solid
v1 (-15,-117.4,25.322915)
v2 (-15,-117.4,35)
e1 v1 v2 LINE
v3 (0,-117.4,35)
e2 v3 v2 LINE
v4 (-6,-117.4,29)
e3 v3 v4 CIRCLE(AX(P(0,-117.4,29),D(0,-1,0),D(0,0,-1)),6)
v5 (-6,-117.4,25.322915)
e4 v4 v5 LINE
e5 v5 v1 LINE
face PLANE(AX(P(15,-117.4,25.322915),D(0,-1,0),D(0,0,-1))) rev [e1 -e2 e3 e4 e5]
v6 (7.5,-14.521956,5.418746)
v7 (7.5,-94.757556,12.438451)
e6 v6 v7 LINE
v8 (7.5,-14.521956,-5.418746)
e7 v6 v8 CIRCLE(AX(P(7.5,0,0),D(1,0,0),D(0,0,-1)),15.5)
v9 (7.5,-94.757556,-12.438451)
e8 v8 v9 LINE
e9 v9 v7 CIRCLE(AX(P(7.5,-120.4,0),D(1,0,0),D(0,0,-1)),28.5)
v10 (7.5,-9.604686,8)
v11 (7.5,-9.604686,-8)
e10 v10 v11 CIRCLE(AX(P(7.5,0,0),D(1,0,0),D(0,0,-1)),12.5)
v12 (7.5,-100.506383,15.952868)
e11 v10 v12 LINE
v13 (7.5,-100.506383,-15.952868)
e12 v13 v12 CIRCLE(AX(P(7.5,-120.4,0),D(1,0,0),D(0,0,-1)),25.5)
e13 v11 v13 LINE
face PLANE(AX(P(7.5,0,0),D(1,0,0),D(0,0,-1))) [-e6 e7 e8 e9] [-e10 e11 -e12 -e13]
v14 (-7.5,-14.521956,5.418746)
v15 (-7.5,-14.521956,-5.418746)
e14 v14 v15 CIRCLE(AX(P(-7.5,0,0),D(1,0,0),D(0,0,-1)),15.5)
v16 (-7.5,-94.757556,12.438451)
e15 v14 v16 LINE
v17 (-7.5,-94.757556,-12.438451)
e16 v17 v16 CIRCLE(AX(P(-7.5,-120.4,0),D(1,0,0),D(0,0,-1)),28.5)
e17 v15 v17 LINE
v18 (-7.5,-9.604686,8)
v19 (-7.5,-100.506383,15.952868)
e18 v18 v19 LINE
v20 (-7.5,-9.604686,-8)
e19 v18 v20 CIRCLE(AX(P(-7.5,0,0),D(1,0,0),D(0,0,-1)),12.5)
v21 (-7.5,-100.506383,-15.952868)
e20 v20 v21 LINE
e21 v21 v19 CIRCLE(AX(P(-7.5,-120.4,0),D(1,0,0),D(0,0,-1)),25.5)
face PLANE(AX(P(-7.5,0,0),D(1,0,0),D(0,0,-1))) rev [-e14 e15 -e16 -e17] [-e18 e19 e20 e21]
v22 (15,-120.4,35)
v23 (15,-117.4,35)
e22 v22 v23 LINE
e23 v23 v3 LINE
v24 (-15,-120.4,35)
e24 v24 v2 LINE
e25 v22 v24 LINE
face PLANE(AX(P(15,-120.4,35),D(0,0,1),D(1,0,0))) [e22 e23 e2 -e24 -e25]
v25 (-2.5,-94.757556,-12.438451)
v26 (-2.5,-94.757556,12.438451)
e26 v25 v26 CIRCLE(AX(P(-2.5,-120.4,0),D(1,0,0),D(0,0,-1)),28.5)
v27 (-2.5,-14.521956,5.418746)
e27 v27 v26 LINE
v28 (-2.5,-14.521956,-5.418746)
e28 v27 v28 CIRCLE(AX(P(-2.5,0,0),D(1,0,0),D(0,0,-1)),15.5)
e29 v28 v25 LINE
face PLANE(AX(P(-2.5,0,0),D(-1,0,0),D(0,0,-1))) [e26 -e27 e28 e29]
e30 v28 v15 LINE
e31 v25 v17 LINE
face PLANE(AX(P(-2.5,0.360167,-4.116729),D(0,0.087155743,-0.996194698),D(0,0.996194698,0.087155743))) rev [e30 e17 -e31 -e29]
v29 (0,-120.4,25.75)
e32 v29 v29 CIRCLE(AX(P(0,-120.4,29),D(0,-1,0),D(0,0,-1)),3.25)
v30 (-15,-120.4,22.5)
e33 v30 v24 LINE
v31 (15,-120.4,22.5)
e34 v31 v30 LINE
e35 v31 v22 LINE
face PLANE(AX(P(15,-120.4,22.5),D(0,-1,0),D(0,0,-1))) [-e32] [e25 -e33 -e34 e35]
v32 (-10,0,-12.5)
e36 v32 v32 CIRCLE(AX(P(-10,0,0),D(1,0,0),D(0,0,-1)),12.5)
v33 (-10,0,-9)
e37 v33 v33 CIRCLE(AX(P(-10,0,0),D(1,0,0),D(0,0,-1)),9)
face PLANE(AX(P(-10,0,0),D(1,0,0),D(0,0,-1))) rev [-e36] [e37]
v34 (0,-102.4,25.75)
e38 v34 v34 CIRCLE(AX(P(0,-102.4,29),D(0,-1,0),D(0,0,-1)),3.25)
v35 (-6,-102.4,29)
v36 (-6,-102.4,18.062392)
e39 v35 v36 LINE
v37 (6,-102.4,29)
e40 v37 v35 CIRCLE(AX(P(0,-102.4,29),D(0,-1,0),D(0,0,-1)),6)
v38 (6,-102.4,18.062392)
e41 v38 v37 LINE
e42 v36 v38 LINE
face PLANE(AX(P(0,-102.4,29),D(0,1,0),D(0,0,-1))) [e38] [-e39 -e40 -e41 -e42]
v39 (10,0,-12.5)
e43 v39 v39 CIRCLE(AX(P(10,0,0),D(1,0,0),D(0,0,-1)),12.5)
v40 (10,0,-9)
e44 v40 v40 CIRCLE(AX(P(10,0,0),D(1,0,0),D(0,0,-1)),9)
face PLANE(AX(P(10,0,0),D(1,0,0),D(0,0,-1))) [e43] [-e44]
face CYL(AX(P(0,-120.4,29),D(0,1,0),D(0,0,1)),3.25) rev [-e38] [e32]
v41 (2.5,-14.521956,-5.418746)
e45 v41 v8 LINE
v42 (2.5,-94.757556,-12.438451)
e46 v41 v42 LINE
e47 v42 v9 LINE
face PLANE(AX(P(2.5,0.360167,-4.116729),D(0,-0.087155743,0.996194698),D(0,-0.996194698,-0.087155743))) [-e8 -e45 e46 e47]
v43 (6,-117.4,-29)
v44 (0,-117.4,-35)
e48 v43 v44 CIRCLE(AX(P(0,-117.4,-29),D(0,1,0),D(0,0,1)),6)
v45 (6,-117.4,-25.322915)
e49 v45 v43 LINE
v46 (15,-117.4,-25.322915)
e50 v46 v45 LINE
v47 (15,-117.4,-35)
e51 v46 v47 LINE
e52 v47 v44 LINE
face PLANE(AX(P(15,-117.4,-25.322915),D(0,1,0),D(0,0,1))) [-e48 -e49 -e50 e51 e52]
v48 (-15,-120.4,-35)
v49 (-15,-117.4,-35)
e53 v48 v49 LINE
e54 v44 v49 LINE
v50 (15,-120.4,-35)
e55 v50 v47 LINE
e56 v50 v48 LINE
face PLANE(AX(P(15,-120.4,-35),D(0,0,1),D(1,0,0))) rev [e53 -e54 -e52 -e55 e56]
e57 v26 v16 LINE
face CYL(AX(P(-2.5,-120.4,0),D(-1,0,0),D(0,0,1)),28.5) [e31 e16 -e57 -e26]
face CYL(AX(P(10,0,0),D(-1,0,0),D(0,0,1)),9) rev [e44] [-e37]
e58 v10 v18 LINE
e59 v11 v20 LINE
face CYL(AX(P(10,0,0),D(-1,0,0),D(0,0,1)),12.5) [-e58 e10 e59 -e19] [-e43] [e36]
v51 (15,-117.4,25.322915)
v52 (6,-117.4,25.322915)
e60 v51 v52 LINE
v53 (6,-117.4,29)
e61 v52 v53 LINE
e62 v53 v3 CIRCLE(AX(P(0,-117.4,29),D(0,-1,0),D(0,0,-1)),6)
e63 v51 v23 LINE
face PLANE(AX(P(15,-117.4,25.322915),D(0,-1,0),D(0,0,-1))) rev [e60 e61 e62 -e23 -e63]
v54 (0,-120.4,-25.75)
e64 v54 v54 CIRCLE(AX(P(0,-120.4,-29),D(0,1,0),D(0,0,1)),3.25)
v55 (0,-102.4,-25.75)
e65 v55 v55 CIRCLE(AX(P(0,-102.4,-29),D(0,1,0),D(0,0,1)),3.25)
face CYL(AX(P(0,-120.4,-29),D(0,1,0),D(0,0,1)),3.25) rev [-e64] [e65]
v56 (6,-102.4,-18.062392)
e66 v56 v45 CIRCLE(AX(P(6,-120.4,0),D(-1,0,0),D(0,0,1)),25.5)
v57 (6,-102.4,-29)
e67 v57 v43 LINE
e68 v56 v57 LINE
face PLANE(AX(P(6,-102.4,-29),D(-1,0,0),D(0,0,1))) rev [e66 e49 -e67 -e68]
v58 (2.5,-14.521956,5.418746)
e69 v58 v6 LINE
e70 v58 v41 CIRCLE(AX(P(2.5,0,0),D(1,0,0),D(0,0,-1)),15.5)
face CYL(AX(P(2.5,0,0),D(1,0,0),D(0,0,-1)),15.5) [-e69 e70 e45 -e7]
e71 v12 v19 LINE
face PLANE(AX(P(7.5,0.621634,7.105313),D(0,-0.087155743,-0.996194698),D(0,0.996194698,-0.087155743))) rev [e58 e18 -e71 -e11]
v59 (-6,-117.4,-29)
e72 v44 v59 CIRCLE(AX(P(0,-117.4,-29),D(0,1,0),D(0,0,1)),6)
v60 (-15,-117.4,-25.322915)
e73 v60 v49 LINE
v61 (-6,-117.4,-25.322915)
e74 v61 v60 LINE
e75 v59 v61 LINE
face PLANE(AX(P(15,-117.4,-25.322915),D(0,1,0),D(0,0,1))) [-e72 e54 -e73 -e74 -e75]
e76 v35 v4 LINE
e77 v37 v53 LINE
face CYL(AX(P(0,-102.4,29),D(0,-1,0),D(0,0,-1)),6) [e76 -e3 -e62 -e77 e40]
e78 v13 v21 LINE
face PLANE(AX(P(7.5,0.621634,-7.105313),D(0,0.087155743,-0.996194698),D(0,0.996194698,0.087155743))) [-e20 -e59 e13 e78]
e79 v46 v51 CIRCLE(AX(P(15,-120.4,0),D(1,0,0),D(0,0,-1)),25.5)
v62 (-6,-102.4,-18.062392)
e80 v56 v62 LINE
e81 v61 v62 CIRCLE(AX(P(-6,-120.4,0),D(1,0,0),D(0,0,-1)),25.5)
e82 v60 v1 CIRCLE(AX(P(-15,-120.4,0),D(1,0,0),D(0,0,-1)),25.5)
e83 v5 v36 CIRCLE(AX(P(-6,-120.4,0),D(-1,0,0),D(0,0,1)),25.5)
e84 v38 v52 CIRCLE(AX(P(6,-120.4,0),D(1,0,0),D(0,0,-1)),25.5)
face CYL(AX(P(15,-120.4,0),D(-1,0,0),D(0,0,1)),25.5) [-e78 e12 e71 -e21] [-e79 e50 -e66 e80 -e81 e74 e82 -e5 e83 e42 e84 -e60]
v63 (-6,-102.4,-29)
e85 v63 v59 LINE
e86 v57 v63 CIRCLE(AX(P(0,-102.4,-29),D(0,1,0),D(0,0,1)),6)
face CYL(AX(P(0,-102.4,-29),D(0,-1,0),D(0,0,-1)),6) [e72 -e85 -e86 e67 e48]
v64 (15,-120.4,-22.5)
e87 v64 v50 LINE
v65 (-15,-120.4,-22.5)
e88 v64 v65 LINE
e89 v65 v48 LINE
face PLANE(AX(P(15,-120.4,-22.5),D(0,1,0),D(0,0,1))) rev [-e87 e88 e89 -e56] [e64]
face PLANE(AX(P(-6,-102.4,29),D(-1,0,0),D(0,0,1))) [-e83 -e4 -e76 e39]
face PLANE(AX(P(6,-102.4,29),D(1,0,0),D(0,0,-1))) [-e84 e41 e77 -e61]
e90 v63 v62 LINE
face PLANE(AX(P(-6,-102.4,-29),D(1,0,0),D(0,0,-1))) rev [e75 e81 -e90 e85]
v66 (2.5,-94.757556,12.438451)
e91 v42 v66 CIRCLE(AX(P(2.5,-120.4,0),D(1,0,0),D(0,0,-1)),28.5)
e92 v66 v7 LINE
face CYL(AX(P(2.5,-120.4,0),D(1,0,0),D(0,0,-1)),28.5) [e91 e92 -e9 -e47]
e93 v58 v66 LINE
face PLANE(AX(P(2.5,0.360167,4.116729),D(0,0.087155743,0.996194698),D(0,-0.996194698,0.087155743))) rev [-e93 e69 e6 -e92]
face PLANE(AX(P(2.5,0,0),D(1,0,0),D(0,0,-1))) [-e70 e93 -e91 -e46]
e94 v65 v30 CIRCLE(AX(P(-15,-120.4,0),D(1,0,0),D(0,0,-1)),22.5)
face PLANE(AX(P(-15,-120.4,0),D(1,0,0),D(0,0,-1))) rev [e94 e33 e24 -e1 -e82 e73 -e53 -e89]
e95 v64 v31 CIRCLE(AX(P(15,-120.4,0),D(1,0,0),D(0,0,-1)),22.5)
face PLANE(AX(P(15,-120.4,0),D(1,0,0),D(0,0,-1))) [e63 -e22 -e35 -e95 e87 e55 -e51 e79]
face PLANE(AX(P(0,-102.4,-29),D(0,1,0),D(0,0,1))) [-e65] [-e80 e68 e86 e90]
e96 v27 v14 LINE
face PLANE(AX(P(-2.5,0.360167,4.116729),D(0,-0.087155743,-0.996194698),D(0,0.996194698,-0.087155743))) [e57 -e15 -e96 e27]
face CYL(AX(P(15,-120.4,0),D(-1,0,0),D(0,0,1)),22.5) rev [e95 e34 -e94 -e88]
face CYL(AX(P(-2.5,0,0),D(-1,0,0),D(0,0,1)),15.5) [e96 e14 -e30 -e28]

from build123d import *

# Parameters (mm, degrees)
SKETCH1_R           = 9
BOSS_EXTRUDE1_DEPTH = 10
BOSS_EXTRUDE2_DEPTH = 15
BOSS_EXTRUDE3_DEPTH = 7.5
BOSS_EXTRUDE4_DEPTH = 15
SKETCH3_R           = 3.25
CUT_EXTRUDE1_DEPTH  = 122.045487318
SKETCH4_R           = 22.5
CUT_EXTRUDE2_DEPTH  = 151
CUT_EXTRUDE3_DEPTH  = 5


with BuildPart() as part:
    # Sketch1 → Boss-Extrude1 (new, symmetric)
    with BuildSketch(Plane(origin=(0, 0, 0), x_dir=(0, 0, -1), z_dir=(1, 0, 0))):
        with BuildLine():
            ThreePointArc((-8, -9.604686356), (0, -12.5), (8, -9.604686356))
            ThreePointArc((8, -9.604686356), (11.319231423, -5.303300859), (12.5, 0))
            ThreePointArc((12.5, 0), (-5.303300859, 11.319231423), (-8, -9.604686356))
        make_face()
        Circle(SKETCH1_R, mode=Mode.SUBTRACT)
    extrude(amount=BOSS_EXTRUDE1_DEPTH, both=True)



with BuildPart() as body_2:
    # Sketch1<3> → Boss-Extrude2 (new, symmetric)
    with BuildSketch(Plane(origin=(0, 0, 0), x_dir=(0, 0, -1), z_dir=(1, 0, 0))):
        with BuildLine():
            Line((22.5, -120.4), (35, -120.4))
            Line((35, -120.4), (35, -117.4))
            Line((35, -117.4), (25.322914524, -117.4))
            ThreePointArc((25.322914524, -117.4), (0, -94.9), (-25.322914524, -117.4))
            Line((-25.322914524, -117.4), (-35, -117.4))
            Line((-35, -117.4), (-35, -120.4))
            Line((-35, -120.4), (-22.5, -120.4))
            ThreePointArc((-22.5, -120.4), (0, -97.9), (22.5, -120.4))
        make_face()
    extrude(amount=BOSS_EXTRUDE2_DEPTH, both=True)


with BuildPart() as part_1:
    add(part.part)

    add(body_2.part)  # Boss-Extrude3 merges body 2
    # Sketch1<7> → Boss-Extrude3 (add, symmetric)
    with BuildSketch(Plane(origin=(0, 0, 0), x_dir=(0, 0, -1), z_dir=(1, 0, 0))):
        with BuildLine():
            ThreePointArc((-15.952867936, -100.506382817), (0, -94.9), (15.952867936, -100.506382817))
            Line((15.952867936, -100.506382817), (8, -9.604686356))
            ThreePointArc((8, -9.604686356), (0, -12.5), (-8, -9.604686356))
            Line((-8, -9.604686356), (-15.952867936, -100.506382817))
        make_face()
    extrude(amount=BOSS_EXTRUDE3_DEPTH, both=True)

    # Sketch2 → Boss-Extrude4 (add)
    with BuildSketch(Plane(origin=(0, -117.4, 0), x_dir=(1, 0, 0), z_dir=(0, 1, 0))):
        with BuildLine():
            Line((-6, 29), (-6, 17))
            Line((-6, 17), (6, 17))
            Line((6, 17), (6, 29))
            ThreePointArc((6, 29), (0, 35), (-6, 29))
        make_face()
    boss_extrude4 = extrude(amount=BOSS_EXTRUDE4_DEPTH)

    # Sketch3 → Cut-Extrude1 (cut, through all)
    with BuildSketch(Plane(origin=(0, -102.4, 0), x_dir=(1, 0, 0), z_dir=(0, 1, 0))):
        with Locations((0, 29)):
            Circle(SKETCH3_R)
    cut_extrude1 = extrude(amount=-CUT_EXTRUDE1_DEPTH, mode=Mode.SUBTRACT)

    # Mirror1: Boss-Extrude4, Cut-Extrude1 across plane
    add(boss_extrude4.mirror(Plane.XY))
    add(cut_extrude1.mirror(Plane.XY), mode=Mode.SUBTRACT)

    # Sketch4 → Cut-Extrude2 (cut)
    with BuildSketch(Plane(origin=(15, 0, 0), x_dir=(0, 0, -1), z_dir=(1, 0, 0))):
        with Locations((0, -120.4)):
            Circle(SKETCH4_R)
    extrude(amount=-CUT_EXTRUDE2_DEPTH, mode=Mode.SUBTRACT)

    # Sketch5 → Cut-Extrude3 (cut)
    with BuildSketch(Plane(origin=(7.5, 0, 0), x_dir=(0, 0, -1), z_dir=(1, 0, 0))):
        with BuildLine():
            Line((12.438451255, -94.757556076), (5.4187458, -14.521955583))
            ThreePointArc((5.4187458, -14.521955583), (0, -15.5), (-5.4187458, -14.521955583))
            Line((-5.4187458, -14.521955583), (-12.438451255, -94.757556076))
            ThreePointArc((-12.438451255, -94.757556076), (0, -91.9), (12.438451255, -94.757556076))
        make_face()
    cut_extrude3 = extrude(amount=-CUT_EXTRUDE3_DEPTH, mode=Mode.SUBTRACT)

    # Mirror2: Cut-Extrude3 across plane
    add(cut_extrude3.mirror(Plane(origin=(0, 0, 0), x_dir=(0, 0, 1), z_dir=(1, 0, 0))), mode=Mode.SUBTRACT)


solid = part_1.part
